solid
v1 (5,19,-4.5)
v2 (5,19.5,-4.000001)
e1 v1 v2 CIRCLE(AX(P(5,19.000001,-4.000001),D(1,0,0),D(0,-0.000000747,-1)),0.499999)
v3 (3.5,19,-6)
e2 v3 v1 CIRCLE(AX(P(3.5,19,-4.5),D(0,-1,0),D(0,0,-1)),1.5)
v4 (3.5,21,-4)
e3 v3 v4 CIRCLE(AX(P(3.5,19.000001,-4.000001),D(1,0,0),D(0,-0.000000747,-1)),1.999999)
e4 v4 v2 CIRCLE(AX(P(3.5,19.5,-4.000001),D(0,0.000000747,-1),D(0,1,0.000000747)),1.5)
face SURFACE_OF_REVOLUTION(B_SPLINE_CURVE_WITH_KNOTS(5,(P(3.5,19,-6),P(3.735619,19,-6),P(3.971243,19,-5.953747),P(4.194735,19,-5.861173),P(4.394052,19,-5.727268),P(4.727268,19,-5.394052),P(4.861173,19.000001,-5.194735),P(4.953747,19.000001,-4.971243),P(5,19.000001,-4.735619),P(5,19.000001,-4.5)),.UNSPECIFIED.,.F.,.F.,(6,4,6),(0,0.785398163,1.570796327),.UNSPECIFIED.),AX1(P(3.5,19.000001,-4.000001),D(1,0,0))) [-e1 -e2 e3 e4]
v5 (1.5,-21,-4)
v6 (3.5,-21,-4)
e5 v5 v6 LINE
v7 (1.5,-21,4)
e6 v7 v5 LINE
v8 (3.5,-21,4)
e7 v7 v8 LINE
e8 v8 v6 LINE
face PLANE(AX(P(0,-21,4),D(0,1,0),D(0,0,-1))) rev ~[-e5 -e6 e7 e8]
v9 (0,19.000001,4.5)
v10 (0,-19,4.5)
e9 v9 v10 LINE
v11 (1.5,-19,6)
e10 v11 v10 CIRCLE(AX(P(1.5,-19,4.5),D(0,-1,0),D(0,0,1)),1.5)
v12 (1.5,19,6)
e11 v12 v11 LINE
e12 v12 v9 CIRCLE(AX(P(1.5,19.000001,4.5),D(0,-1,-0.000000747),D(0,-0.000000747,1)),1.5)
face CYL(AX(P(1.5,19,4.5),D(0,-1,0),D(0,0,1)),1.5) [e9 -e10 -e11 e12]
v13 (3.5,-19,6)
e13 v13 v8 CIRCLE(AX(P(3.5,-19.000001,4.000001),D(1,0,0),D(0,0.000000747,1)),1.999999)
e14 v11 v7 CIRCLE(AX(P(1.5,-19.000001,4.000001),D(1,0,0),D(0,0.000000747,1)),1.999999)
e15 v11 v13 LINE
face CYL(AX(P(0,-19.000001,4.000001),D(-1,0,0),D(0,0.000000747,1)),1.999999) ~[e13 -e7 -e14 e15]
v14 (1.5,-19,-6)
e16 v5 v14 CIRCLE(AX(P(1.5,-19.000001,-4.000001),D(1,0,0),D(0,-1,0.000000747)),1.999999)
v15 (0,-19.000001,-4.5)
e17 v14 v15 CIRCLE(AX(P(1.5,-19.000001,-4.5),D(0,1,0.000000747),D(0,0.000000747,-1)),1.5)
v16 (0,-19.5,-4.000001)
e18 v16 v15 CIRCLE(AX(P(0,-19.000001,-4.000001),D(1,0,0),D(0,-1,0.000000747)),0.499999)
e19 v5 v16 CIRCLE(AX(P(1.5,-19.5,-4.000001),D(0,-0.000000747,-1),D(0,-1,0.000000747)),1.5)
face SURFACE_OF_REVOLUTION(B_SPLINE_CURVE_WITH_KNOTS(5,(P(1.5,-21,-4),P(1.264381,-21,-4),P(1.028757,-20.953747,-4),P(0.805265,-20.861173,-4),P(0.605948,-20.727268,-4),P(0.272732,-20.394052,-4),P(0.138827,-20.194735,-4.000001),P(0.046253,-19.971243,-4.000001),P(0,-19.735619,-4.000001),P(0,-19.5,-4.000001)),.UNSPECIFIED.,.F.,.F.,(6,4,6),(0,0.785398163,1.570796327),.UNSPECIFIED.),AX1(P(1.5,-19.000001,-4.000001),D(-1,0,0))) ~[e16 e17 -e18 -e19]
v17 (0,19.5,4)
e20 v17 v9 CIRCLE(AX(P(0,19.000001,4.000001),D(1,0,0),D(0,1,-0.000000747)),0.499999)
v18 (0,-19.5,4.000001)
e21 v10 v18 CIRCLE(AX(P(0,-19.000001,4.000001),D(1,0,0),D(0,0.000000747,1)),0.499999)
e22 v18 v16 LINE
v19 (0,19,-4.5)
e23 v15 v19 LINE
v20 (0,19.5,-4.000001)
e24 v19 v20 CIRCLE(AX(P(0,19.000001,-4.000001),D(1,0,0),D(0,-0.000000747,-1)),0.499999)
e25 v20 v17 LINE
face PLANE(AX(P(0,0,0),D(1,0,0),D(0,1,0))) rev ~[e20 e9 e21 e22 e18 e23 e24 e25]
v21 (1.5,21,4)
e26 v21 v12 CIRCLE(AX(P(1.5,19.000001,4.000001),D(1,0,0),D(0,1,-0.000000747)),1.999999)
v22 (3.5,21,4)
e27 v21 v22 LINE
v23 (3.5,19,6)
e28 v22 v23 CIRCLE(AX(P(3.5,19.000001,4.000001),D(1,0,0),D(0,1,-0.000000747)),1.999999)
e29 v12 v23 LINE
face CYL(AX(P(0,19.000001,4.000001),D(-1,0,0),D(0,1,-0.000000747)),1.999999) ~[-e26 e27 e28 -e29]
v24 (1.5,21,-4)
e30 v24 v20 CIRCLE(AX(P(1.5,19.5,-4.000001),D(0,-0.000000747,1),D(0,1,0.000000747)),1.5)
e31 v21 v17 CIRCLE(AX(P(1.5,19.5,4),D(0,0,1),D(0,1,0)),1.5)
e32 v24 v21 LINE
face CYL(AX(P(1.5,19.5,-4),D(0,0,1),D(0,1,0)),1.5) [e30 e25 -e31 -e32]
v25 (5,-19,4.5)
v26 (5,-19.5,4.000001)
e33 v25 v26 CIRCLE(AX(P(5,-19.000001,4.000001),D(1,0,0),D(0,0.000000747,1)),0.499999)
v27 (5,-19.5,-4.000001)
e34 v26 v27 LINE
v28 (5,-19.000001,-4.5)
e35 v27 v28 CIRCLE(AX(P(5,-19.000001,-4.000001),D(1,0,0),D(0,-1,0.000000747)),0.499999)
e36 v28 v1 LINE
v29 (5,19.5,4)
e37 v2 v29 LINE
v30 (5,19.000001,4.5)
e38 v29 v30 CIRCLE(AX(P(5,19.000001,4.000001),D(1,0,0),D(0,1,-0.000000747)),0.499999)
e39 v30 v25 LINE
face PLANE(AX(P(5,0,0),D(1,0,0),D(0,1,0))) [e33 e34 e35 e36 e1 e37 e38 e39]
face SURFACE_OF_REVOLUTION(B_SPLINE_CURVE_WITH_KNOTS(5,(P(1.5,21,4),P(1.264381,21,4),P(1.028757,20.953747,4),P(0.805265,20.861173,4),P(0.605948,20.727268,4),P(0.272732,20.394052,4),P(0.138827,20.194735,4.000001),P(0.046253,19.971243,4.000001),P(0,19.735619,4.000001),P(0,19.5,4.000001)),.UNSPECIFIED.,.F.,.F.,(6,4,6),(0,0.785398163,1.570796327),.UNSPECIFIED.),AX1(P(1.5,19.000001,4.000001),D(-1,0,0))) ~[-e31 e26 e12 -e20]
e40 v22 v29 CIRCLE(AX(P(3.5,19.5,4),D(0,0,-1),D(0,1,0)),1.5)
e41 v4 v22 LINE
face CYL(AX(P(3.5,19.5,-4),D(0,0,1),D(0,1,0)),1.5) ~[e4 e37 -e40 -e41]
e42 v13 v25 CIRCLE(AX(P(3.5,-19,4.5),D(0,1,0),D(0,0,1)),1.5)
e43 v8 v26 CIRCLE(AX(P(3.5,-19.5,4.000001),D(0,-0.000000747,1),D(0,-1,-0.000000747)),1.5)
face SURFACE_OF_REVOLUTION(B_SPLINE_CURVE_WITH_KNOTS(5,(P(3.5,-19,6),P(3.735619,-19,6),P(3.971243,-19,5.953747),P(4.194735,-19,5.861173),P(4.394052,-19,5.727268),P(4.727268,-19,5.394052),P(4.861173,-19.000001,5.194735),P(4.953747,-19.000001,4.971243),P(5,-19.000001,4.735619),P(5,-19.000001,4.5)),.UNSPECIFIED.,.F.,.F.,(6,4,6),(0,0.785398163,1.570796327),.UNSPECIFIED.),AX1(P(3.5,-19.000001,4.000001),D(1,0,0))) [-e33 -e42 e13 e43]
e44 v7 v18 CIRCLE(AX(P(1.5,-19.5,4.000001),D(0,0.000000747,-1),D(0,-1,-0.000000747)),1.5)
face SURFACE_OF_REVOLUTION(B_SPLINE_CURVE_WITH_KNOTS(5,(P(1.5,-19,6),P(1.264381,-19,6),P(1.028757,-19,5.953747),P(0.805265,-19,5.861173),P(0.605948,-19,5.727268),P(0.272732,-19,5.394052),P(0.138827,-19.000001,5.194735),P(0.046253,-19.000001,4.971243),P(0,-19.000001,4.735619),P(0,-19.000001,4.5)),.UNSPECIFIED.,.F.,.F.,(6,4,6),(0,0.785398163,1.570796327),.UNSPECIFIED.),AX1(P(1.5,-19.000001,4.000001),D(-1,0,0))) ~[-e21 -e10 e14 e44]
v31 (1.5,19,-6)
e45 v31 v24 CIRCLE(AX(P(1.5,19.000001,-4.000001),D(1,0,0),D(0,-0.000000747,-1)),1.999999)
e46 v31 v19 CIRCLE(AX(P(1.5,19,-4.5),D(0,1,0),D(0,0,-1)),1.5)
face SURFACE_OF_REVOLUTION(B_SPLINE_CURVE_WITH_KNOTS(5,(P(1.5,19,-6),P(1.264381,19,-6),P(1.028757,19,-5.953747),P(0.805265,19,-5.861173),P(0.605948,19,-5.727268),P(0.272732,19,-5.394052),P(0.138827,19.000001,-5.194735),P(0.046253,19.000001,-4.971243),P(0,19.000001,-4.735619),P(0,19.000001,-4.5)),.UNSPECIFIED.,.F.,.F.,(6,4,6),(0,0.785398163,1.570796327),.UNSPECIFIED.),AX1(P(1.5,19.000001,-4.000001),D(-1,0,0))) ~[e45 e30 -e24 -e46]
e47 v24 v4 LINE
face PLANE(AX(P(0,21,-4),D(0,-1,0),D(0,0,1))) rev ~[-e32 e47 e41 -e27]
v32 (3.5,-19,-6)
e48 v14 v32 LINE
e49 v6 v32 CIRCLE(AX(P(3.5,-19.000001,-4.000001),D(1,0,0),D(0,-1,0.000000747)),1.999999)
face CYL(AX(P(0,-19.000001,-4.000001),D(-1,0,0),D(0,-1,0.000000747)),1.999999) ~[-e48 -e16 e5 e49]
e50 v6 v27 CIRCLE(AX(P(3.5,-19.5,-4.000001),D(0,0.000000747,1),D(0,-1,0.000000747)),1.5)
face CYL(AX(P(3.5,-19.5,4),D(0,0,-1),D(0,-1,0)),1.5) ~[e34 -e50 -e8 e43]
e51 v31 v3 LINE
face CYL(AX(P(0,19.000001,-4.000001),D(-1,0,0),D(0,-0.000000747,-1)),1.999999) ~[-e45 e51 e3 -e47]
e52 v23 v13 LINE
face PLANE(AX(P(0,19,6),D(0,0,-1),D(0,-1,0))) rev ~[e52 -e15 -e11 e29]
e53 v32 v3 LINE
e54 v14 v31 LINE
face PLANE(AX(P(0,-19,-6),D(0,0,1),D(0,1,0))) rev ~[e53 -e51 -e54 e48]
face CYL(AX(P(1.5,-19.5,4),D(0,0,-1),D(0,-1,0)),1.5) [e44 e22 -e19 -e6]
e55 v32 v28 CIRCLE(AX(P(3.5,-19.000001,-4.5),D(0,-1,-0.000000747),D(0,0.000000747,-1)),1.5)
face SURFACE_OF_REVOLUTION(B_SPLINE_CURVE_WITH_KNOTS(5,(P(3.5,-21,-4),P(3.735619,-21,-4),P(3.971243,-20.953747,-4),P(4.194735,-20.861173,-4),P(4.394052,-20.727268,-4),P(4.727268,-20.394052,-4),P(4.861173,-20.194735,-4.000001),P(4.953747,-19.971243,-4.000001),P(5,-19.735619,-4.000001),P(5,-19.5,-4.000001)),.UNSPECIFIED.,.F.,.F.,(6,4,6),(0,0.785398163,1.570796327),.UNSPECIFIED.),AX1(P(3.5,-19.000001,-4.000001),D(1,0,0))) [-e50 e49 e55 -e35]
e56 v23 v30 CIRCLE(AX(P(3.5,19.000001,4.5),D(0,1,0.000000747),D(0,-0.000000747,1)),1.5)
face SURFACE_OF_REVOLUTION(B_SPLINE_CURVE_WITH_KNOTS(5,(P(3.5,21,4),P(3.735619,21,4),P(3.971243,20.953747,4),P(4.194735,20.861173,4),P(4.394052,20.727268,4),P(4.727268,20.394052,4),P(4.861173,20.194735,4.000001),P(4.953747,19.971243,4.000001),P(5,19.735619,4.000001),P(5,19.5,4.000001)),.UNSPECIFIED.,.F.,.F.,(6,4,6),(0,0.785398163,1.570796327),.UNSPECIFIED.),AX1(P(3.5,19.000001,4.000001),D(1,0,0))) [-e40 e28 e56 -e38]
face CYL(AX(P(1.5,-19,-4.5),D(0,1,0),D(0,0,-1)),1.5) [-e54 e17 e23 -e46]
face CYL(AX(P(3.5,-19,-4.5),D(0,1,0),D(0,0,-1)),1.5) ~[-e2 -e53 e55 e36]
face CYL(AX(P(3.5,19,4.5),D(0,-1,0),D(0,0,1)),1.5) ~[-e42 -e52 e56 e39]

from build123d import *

# Parameters (mm, degrees)
F1_DEPTH = 5
F2_R     = 1.5


with BuildPart() as f1:
    # F0 (on Right) → F1 (new body)
    with BuildSketch(Plane.YZ):
        with BuildLine():
            Line((-19, -6), (19, -6))
            ThreePointArc((19, -6), (20.414214, -5.414214), (21, -4))
            Line((21, -4), (21, 4))
            ThreePointArc((21, 4), (20.414214, 5.414214), (19, 6))
            Line((19, 6), (-19, 6))
            ThreePointArc((-19, 6), (-20.414214, 5.414214), (-21, 4))
            Line((-21, 4), (-21, -4))
            ThreePointArc((-21, -4), (-20.414214, -5.414214), (-19, -6))
        make_face()
    extrude(amount=F1_DEPTH)

    # F2
    f2_edges = [f1.edges().sort_by_distance(p)[0] for p in [
        (5, -20.414214, -5.414214),
        (0, -20.414214, -5.414214),
    ]]
    fillet(f2_edges, radius=F2_R)


solid = f1.part
